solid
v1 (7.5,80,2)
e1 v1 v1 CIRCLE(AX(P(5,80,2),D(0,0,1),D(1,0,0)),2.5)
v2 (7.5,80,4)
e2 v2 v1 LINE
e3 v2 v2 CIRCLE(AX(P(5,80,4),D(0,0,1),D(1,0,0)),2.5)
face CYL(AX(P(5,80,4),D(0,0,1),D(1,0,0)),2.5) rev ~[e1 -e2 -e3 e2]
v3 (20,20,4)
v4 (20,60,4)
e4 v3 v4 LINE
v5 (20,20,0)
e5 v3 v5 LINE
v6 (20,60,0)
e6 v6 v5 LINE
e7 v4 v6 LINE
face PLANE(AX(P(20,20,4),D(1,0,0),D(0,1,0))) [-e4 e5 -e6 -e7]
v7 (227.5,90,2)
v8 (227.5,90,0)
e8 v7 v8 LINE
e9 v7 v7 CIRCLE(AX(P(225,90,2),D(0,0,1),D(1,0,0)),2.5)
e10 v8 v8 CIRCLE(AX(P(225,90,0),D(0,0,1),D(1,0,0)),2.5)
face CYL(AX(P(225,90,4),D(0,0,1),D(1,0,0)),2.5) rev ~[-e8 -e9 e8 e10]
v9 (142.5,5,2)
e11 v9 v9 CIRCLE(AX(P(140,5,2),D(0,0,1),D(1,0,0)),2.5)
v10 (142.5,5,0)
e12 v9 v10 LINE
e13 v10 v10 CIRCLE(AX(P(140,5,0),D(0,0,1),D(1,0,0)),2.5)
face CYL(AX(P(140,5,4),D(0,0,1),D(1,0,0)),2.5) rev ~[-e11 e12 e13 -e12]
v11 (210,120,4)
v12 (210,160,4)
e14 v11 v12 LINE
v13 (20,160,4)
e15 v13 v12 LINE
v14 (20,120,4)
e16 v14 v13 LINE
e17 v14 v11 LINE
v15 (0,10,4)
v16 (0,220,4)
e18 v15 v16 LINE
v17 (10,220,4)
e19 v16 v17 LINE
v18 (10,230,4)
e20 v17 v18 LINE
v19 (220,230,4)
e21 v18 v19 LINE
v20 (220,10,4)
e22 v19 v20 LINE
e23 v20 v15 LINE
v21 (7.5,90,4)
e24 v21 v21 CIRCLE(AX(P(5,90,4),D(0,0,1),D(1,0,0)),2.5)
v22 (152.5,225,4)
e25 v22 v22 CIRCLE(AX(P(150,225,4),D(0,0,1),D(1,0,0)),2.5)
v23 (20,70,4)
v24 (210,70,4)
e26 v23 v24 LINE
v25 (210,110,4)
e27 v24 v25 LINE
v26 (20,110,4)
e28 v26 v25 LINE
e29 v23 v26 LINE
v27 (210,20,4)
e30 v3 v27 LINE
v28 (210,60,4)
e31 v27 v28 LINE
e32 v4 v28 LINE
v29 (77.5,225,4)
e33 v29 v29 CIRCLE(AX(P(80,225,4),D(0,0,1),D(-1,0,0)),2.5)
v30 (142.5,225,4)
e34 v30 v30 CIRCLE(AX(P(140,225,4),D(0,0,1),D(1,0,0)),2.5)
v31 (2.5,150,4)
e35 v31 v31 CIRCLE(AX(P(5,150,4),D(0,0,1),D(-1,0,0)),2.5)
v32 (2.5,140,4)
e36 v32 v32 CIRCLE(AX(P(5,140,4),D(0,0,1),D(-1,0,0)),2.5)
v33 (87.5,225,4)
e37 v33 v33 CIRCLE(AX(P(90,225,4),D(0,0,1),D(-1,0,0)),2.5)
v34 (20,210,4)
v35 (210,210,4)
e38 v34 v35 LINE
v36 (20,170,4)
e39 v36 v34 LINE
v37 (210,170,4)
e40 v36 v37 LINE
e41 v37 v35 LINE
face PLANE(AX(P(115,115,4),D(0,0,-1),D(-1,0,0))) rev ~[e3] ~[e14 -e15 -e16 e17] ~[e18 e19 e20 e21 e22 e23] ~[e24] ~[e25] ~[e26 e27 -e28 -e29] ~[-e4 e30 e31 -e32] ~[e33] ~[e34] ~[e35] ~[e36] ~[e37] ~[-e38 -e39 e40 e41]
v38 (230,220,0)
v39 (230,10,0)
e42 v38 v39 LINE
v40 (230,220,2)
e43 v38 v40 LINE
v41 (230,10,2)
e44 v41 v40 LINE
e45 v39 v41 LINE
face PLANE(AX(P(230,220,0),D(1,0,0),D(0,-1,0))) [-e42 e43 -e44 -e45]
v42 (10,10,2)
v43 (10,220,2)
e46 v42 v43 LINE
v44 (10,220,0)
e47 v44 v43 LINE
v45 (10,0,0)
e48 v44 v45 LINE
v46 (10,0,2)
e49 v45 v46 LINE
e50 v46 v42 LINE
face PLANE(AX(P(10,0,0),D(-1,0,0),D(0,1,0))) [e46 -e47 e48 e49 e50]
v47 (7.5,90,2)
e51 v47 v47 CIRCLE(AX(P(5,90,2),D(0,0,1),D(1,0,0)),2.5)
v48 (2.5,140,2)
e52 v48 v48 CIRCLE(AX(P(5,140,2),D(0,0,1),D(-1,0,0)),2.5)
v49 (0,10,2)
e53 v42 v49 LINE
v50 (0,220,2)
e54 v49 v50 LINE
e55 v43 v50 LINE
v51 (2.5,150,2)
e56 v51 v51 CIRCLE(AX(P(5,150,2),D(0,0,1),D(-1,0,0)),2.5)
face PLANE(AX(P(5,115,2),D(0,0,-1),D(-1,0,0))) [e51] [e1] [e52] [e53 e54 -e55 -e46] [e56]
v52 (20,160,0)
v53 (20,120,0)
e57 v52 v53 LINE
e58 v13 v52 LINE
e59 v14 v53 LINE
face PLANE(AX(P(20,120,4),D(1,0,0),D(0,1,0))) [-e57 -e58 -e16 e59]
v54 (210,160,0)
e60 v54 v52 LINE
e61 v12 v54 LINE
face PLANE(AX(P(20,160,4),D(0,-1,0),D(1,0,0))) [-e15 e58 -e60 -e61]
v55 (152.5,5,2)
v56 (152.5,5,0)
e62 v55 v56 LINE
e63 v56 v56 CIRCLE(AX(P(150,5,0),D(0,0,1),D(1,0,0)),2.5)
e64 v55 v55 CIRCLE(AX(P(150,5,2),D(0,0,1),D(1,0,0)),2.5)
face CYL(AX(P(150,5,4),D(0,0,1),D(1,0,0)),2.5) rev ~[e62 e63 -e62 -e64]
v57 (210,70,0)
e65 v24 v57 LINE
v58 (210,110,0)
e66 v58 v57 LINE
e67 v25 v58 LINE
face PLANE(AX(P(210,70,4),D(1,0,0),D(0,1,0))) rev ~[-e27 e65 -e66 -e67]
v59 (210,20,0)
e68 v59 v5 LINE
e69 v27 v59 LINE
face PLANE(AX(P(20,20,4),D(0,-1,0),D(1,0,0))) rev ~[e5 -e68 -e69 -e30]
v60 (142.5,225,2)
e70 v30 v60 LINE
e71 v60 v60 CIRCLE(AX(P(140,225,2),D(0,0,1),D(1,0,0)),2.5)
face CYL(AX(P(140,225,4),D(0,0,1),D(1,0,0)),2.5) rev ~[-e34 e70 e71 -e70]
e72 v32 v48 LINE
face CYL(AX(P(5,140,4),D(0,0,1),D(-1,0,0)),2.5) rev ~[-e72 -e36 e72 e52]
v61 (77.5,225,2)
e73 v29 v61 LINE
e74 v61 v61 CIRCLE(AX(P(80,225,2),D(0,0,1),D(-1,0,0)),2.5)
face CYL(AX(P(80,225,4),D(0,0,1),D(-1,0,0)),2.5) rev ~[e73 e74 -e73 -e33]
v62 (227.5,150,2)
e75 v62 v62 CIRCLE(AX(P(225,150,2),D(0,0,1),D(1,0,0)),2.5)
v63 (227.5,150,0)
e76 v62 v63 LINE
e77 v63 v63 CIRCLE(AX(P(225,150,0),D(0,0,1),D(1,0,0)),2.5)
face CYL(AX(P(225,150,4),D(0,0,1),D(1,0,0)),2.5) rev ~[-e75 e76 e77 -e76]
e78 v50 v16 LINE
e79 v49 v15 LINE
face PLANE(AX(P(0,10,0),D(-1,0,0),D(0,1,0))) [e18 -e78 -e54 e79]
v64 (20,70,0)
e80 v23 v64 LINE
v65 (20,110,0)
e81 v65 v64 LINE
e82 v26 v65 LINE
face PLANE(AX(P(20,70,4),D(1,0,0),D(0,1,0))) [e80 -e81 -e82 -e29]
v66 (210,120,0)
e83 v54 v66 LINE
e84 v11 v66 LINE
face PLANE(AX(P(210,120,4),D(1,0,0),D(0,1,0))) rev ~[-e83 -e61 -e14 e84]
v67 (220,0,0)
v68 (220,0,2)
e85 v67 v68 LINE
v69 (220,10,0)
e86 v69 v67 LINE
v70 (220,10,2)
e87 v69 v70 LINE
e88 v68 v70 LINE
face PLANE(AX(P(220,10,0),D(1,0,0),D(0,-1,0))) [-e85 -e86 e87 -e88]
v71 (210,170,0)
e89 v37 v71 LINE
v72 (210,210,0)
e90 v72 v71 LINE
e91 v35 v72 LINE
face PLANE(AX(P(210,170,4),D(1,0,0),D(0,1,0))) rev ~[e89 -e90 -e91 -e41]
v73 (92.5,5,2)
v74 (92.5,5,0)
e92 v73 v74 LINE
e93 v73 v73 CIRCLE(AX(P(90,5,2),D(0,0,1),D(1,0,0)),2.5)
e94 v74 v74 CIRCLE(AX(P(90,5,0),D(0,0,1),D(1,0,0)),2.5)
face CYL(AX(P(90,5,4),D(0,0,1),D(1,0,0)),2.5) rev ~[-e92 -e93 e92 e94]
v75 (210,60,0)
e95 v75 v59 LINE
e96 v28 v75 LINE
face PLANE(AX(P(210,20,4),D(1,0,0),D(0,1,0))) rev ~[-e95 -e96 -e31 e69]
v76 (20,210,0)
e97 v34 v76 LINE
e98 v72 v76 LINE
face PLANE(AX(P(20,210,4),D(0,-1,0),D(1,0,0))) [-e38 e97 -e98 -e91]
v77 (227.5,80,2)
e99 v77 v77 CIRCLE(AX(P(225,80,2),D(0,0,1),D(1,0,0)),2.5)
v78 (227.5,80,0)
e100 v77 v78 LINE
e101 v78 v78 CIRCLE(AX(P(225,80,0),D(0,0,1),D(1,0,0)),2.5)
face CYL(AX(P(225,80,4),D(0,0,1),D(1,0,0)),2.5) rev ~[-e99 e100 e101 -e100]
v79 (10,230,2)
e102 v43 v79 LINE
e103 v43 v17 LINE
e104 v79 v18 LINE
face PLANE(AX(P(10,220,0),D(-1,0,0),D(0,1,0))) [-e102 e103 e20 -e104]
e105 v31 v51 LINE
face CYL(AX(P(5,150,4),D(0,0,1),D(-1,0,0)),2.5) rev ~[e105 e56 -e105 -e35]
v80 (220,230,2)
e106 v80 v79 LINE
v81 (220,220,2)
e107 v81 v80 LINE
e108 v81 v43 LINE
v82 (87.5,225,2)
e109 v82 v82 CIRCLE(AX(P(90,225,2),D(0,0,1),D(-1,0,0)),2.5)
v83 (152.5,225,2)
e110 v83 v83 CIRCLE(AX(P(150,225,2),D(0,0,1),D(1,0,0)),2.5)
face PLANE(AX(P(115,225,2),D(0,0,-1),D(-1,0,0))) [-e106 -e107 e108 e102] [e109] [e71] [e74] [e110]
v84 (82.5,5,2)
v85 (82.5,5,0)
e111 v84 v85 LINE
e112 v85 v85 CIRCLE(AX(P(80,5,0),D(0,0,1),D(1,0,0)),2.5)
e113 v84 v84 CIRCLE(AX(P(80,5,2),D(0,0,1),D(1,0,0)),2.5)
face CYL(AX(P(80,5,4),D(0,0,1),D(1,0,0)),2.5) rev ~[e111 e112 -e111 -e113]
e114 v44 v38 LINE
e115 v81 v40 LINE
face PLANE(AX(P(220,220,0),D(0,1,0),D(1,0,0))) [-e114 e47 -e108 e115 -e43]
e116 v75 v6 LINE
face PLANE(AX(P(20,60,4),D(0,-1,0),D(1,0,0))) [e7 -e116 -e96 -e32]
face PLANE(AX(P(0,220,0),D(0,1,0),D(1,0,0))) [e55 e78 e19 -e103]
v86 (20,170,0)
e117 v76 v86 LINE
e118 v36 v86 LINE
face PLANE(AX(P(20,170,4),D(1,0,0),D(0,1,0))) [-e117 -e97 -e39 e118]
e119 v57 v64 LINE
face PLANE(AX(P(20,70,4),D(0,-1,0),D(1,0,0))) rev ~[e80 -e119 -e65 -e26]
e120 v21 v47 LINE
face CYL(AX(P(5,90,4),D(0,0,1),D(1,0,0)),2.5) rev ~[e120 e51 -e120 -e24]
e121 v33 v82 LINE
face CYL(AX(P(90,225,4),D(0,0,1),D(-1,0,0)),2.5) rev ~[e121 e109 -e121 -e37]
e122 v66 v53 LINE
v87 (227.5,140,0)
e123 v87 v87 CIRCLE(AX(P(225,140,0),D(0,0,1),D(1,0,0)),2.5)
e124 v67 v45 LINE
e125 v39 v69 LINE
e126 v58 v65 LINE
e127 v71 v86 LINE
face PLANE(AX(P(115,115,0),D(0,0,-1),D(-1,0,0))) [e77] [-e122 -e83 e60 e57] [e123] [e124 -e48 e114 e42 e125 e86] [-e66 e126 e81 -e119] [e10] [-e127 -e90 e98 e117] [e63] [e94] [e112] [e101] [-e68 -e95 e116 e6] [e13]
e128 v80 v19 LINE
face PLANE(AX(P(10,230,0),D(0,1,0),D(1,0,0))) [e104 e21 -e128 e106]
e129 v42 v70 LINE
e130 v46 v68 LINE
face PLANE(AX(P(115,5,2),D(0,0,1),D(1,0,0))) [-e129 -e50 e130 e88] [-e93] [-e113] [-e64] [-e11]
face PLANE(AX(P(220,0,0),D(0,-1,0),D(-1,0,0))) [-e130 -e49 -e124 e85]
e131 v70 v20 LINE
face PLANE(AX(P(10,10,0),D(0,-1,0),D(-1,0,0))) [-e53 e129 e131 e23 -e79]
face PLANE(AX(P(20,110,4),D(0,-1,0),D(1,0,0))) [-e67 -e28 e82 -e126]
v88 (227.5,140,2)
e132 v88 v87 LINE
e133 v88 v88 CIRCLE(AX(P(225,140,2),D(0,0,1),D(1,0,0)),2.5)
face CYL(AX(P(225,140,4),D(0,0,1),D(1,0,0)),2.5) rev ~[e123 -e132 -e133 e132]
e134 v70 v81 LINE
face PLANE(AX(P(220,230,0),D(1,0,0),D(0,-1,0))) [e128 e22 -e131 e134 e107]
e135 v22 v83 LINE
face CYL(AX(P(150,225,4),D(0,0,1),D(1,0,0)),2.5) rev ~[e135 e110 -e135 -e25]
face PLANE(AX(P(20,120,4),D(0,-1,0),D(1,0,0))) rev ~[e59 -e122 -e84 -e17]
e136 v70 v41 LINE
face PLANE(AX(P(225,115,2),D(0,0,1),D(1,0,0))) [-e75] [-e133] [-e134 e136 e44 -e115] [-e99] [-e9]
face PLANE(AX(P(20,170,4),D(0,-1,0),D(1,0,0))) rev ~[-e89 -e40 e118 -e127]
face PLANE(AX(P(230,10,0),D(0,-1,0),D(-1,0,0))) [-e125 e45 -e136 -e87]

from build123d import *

# Parameters (mm, degrees)
EXTRUDE_1_DEPTH     = 4
SKETCH_2_W          = 10
SKETCH_2_H          = 210
SKETCH_2_W_2        = 210
SKETCH_2_H_2        = 10
CUT_EXTRUDE_1_DEPTH = 2
SKETCH_3_W          = 210
SKETCH_3_H          = 10
SKETCH_3_W_2        = 10
SKETCH_3_H_2        = 210
CUT_EXTRUDE_2_DEPTH = 2
SKETCH_4_R          = 2.5
CUT_EXTRUDE_3_DEPTH = 326.293713434
SKETCH_5_W          = 190
SKETCH_5_H          = 40
CUT_EXTRUDE_4_DEPTH = 326.293713434


with BuildPart() as part:
    # 草图1 → 凸台-拉伸1 (new body)
    with BuildSketch(Plane.XY):
        Polygon((10, 0), (10, 10), (0, 10), (0, 220), (10, 220), (10, 230), (220, 230), (220, 220), (230, 220), (230, 10), (220, 10), (220, 0), align=None)
    extrude(amount=EXTRUDE_1_DEPTH)

    # 草图2 → 切除-拉伸1 (cut)
    with BuildSketch(Plane.XY.offset(4)):
        with Locations((225, 115)):
            Rectangle(SKETCH_2_W, SKETCH_2_H)
        with Locations((115, 5)):
            Rectangle(SKETCH_2_W_2, SKETCH_2_H_2)
    extrude(amount=-CUT_EXTRUDE_1_DEPTH, mode=Mode.SUBTRACT)

    # 草图3 → 切除-拉伸2 (cut)
    with BuildSketch(Plane(origin=(0, 0, 0), x_dir=(-1, 0, 0), z_dir=(0, 0, -1))):
        with Locations((-115, 225)):
            Rectangle(SKETCH_3_W, SKETCH_3_H)
        with Locations((-5, 115)):
            Rectangle(SKETCH_3_W_2, SKETCH_3_H_2)
    extrude(amount=-CUT_EXTRUDE_2_DEPTH, mode=Mode.SUBTRACT)

    # 草图4 → 切除-拉伸3 (cut, through all)
    with BuildSketch(Plane.XY.offset(4)):
        with Locations((5, 80)):
            Circle(SKETCH_4_R)
        with Locations((5, 90)):
            Circle(SKETCH_4_R)
        with Locations(Location((5, 150, 0), (0, 0, 180))):
            Circle(SKETCH_4_R)
        with Locations(Location((5, 140, 0), (0, 0, 180))):
            Circle(SKETCH_4_R)
        with Locations((225, 80)):
            Circle(SKETCH_4_R)
        with Locations((225, 90)):
            Circle(SKETCH_4_R)
        with Locations((225, 140)):
            Circle(SKETCH_4_R)
        with Locations((225, 150)):
            Circle(SKETCH_4_R)
        with Locations((80, 5)):
            Circle(SKETCH_4_R)
        with Locations((90, 5)):
            Circle(SKETCH_4_R)
        with Locations((140, 5)):
            Circle(SKETCH_4_R)
        with Locations((150, 5)):
            Circle(SKETCH_4_R)
        with Locations((150, 225)):
            Circle(SKETCH_4_R)
        with Locations((140, 225)):
            Circle(SKETCH_4_R)
        with Locations(Location((90, 225, 0), (0, 0, 180))):
            Circle(SKETCH_4_R)
        with Locations(Location((80, 225, 0), (0, 0, 180))):
            Circle(SKETCH_4_R)
    extrude(amount=-CUT_EXTRUDE_3_DEPTH, mode=Mode.SUBTRACT)

    # 草图5 → 切除-拉伸4 (cut, through all)
    with BuildSketch(Plane.XY.offset(4)):
        with Locations((115, 40)):
            Rectangle(SKETCH_5_W, SKETCH_5_H)
        with Locations((115, 90)):
            Rectangle(SKETCH_5_W, SKETCH_5_H)
        with Locations((115, 140)):
            Rectangle(SKETCH_5_W, SKETCH_5_H)
        with Locations((115, 190)):
            Rectangle(SKETCH_5_W, SKETCH_5_H)
    extrude(amount=-CUT_EXTRUDE_4_DEPTH, mode=Mode.SUBTRACT)


solid = part.part
